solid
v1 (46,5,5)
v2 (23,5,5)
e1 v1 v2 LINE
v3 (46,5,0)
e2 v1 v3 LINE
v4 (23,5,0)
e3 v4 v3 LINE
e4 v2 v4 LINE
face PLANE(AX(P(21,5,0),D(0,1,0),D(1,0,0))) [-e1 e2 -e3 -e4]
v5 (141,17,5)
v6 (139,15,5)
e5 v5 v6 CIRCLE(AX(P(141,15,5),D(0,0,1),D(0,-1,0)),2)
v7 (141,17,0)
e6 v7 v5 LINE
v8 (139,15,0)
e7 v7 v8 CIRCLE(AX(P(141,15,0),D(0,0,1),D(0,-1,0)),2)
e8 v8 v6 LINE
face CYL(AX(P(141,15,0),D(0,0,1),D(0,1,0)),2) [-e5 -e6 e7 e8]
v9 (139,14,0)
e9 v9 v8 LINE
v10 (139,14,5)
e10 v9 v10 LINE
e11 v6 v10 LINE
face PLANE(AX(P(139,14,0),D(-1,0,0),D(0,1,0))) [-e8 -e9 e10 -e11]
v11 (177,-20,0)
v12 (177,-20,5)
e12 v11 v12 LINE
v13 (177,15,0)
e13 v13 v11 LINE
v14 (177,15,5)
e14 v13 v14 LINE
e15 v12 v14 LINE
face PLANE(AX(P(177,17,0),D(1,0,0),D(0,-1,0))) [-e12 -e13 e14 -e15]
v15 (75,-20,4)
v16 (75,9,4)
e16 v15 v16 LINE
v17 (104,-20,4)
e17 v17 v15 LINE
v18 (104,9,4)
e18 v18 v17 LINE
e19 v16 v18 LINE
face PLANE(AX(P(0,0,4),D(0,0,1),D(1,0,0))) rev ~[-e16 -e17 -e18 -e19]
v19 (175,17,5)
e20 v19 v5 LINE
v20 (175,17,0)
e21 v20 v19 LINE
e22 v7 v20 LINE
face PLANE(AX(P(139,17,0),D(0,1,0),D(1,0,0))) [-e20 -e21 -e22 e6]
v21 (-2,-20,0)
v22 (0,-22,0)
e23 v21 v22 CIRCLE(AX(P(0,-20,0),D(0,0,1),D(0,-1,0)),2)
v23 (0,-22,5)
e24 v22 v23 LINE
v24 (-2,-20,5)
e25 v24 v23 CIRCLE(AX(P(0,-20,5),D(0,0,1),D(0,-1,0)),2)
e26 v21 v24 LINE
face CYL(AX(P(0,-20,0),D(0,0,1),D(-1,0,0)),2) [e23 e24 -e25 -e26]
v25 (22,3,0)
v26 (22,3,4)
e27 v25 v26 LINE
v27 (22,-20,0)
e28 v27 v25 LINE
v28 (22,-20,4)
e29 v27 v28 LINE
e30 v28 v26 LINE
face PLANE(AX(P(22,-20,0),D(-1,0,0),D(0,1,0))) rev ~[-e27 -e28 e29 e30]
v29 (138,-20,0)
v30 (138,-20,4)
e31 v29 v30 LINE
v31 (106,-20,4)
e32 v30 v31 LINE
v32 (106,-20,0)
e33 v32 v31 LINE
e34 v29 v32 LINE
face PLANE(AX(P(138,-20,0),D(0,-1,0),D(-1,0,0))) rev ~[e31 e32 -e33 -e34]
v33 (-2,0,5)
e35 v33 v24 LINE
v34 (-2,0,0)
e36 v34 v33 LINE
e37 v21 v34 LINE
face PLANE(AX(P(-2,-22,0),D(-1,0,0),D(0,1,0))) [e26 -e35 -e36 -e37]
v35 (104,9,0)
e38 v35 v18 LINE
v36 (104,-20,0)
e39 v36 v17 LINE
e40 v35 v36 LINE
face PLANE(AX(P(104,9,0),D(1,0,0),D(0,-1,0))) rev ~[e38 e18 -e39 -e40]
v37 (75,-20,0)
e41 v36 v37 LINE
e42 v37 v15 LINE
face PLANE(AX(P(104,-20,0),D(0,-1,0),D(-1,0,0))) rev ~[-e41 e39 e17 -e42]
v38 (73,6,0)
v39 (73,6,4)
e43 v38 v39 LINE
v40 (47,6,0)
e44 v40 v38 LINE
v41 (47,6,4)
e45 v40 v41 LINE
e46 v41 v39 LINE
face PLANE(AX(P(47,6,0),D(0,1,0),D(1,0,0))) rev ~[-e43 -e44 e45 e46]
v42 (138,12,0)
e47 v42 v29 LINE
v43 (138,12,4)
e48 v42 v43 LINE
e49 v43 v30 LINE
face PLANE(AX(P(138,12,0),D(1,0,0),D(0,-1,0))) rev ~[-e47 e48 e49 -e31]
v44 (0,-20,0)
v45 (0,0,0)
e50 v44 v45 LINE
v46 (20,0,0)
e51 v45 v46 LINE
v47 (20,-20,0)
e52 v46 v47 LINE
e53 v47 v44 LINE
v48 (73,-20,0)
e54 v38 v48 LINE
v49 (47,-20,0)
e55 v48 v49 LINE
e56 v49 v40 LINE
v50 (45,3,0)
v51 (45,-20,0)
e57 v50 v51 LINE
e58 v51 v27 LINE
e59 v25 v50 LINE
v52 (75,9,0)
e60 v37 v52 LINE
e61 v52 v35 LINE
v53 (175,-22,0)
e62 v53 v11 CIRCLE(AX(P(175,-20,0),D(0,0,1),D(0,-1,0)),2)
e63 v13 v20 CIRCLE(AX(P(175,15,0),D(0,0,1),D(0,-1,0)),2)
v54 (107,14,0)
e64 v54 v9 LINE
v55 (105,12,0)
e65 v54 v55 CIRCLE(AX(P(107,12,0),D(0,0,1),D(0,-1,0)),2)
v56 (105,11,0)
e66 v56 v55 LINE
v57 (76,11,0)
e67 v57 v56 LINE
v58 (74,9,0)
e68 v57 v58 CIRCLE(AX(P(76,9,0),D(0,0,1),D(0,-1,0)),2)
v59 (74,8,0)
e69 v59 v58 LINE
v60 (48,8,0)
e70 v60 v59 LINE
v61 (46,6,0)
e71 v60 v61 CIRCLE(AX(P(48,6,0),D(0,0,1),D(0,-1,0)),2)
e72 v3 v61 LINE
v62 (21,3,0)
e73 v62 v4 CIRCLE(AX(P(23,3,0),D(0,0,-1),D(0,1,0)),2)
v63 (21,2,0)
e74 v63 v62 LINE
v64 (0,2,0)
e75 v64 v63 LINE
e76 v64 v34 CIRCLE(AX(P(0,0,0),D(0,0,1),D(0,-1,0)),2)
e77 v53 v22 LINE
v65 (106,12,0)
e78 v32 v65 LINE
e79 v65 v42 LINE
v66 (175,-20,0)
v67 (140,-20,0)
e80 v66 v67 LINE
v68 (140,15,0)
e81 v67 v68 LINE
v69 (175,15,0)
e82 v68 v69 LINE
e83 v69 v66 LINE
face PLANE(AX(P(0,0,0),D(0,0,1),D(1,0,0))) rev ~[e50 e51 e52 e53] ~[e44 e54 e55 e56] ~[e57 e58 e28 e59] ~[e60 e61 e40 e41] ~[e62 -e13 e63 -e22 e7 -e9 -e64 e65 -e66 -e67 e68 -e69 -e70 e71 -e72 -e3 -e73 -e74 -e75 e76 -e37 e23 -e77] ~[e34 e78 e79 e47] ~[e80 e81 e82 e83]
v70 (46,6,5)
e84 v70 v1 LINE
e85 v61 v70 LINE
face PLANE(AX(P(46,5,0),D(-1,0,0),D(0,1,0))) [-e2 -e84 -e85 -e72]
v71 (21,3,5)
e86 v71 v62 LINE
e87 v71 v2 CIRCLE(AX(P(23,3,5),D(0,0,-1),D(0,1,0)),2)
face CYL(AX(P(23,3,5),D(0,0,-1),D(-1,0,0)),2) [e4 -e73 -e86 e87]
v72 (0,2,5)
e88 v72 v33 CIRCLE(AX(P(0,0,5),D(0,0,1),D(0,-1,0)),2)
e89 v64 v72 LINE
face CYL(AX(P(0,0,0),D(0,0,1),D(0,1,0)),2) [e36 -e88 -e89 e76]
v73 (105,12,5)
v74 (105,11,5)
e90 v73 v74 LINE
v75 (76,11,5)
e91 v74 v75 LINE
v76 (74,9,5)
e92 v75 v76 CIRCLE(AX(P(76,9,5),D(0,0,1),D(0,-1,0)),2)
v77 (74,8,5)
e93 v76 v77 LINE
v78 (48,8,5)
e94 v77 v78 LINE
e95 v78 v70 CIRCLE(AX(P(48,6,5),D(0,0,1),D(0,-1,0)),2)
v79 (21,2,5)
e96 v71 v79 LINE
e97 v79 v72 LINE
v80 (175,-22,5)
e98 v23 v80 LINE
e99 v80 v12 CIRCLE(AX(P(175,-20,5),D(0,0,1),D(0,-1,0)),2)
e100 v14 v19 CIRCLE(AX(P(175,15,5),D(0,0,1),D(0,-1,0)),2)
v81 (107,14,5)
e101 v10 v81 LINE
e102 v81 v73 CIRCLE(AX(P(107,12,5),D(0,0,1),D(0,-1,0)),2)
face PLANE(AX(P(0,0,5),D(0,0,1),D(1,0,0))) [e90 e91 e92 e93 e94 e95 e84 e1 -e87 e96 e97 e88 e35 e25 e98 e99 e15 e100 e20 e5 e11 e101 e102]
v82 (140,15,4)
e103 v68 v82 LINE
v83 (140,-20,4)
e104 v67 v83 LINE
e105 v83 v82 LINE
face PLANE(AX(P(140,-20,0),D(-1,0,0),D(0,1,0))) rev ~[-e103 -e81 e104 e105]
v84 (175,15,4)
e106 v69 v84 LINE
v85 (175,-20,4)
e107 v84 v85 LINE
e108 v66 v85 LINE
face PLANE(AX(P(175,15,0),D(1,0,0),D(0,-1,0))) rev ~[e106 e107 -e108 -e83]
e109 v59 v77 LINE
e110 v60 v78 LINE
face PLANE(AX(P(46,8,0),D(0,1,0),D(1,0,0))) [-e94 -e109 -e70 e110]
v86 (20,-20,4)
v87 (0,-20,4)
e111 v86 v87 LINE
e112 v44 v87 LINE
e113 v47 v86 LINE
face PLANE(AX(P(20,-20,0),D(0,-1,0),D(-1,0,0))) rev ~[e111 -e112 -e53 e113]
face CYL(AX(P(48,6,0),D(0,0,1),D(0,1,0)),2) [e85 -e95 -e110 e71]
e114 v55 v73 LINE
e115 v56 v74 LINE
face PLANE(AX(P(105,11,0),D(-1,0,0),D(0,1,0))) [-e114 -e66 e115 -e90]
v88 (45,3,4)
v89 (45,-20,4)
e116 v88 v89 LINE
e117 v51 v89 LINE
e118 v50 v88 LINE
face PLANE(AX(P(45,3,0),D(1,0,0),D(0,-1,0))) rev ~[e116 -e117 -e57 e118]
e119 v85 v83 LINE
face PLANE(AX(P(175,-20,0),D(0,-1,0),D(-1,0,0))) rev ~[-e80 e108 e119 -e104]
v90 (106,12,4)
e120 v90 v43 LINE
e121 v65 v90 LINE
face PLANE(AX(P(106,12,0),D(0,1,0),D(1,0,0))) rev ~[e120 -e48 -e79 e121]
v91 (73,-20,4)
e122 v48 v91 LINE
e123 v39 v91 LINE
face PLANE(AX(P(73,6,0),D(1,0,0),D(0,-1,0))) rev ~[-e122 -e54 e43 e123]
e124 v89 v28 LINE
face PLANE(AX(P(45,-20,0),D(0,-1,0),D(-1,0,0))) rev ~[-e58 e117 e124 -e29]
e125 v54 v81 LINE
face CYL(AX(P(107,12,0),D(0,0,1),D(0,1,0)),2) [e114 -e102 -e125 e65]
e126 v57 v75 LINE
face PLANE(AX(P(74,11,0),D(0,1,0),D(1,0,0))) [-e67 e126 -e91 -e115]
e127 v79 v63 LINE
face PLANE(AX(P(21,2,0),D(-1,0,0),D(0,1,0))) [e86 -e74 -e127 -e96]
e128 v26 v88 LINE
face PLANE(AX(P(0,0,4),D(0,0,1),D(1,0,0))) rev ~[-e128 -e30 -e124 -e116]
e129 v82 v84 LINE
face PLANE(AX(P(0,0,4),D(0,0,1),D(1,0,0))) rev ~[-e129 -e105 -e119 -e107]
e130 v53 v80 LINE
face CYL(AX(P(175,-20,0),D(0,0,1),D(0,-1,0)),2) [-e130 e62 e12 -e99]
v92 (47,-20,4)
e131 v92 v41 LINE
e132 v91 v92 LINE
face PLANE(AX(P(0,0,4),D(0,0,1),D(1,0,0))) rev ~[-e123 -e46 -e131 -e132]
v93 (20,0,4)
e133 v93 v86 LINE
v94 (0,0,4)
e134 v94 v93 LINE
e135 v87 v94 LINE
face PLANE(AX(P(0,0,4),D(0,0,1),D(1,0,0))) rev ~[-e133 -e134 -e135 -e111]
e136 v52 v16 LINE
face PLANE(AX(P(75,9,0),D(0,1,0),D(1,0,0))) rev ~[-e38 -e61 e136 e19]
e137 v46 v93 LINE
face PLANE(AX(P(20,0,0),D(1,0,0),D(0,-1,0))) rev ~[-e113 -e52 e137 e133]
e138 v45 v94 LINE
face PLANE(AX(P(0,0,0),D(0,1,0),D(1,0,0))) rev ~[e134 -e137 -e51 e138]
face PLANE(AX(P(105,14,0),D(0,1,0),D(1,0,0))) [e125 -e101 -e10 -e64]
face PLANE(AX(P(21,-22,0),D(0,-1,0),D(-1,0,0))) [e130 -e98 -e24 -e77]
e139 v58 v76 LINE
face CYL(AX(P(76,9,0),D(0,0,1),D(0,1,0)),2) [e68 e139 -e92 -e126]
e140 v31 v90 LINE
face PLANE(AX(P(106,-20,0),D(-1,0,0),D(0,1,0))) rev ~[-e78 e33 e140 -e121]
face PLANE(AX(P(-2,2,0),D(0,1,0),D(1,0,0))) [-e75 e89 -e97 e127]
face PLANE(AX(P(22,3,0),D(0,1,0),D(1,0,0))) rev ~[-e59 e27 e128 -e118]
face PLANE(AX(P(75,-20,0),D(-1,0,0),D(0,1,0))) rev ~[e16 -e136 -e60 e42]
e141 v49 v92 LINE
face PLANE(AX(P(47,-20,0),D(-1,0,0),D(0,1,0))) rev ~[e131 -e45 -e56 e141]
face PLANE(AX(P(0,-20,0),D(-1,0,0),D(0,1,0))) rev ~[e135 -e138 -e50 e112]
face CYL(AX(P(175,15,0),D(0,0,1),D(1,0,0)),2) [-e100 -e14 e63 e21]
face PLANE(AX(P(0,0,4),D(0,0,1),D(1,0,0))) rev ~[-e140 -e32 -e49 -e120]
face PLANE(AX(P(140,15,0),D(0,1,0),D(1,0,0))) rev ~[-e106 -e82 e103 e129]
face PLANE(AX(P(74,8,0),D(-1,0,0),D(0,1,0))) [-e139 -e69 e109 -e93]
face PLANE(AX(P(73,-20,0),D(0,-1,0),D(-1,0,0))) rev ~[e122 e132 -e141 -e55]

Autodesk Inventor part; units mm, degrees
ref_plane "YZ Plane" through (0, 0, 0) normal (1, 0, 0) x (0, 1, 0)
ref_plane "XZ Plane" through (0, 0, 0) normal (0, 1, 0) x (-1, 0, 0)
ref_plane "XY Plane" through (0, 0, 0) normal (0, 0, 1) x (1, 0, 0)
sketch "스케치1" plane through (0, 0, 0) normal (0, 0, 1) x (1, 0, 0)
  line L0 (0, 0) -> (20, 0)
  line L1 (20, 0) -> (20, -20)
  line L2 (20, -20) -> (0, -20)
  line L3 (0, -20) -> (0, 0)
  line L4 (-2, 2) -> (21, 2)
  line L5 (21, 2) -> (21, -22)
  line L6 (21, -22) -> (-2, -22)
  line L7 (-2, -22) -> (-2, 2)
  line L8 (21, 2) -> (21, 5)
  line L9 (21, 5) -> (46, 5)
  line L10 (46, 5) -> (46, -22)
  line L11 (46, -22) -> (21, -22)
  line L12 (22, 3) -> (45, 3)
  line L13 (45, 3) -> (45, -20)
  line L14 (45, -20) -> (22, -20)
  line L15 (22, -20) -> (22, 3)
  line L16 (46, 5) -> (46, 8)
  line L17 (46, 8) -> (74, 8)
  line L18 (74, 8) -> (74, -22)
  line L19 (74, -22) -> (46, -22)
  line L20 (47, 6) -> (73, 6)
  line L21 (73, 6) -> (73, -20)
  line L22 (73, -20) -> (47, -20)
  line L23 (47, -20) -> (47, 6)
  line L24 (74, 8) -> (74, 11)
  line L25 (74, 11) -> (105, 11)
  line L26 (105, 11) -> (105, -22)
  line L27 (105, -22) -> (74, -22)
  line L28 (75, 9) -> (104, 9)
  line L29 (104, 9) -> (104, -20)
  line L30 (104, -20) -> (75, -20)
  line L31 (75, -20) -> (75, 9)
  line L32 (105, 11) -> (105, 14)
  line L33 (105, 14) -> (139, 14)
  line L34 (139, 14) -> (139, -22)
  line L35 (139, -22) -> (105, -22)
  line L36 (106, 12) -> (138, 12)
  line L37 (138, 12) -> (138, -20)
  line L38 (138, -20) -> (106, -20)
  line L39 (106, -20) -> (106, 12)
  line L40 (139, 14) -> (139, 17)
  line L41 (139, 17) -> (177, 17)
  line L42 (177, 17) -> (177, -22)
  line L43 (177, -22) -> (139, -22)
  line L44 (140, 15) -> (175, 15)
  line L45 (175, 15) -> (175, -20)
  line L46 (175, -20) -> (140, -20)
  line L47 (140, -20) -> (140, 15)
  dimension "d0" = 20
  dimension "d1" = 20
  dimension "d2" = 2
  dimension "d3" = 2
  dimension "d4" = 1
  dimension "d5" = 2
  dimension "d6" = 25
  dimension "d7" = 27
  dimension "d8" = 1
  dimension "d9" = 2
  dimension "d10" = 2
  dimension "d11" = 1
  dimension "d12" = 30
  dimension "d13" = 28
  dimension "d14" = 2
  dimension "d15" = 1
  dimension "d16" = 1
  dimension "d17" = 2
  dimension "d18" = 31
  dimension "d19" = 33
  dimension "d20" = 2
  dimension "d21" = 2
  dimension "d22" = 1
  dimension "d23" = 1
  dimension "d24" = 34
  dimension "d25" = 36
  dimension "d26" = 2
  dimension "d27" = 1
  dimension "d28" = 2
  dimension "d29" = 1
  dimension "d30" = 38
  dimension "d31" = 39
  dimension "d32" = 2
  dimension "d33" = 1
  dimension "d34" = 2
  dimension "d35" = 2
extrude "돌출1" add sketch "스케치1" along normal blind 4
sketch "스케치2" plane through (0, 0, 4) normal (0, 0, 1) x (1, 0, 0)
  line L0 (-2, -22) -> (177, -22) projected
  line L1 (177, -22) -> (177, 17) projected
  line L2 (177, 17) -> (139, 17) projected
  line L3 (139, 17) -> (139, 14) projected
  line L4 (139, 14) -> (105, 14) projected
  line L5 (105, 14) -> (105, 11) projected
  line L6 (105, 11) -> (74, 11) projected
  line L7 (74, 11) -> (74, 8) projected
  line L8 (74, 8) -> (46, 8) projected
  line L9 (46, 8) -> (46, 5) projected
  line L10 (46, 5) -> (21, 5) projected
  line L11 (21, 5) -> (21, 2) projected
  line L12 (21, 2) -> (-2, 2) projected
  line L13 (-2, 2) -> (-2, -22) projected
  line L14 (22, 3) -> (45, 3) projected
  line L15 (45, 3) -> (45, -20) projected
  line L16 (45, -20) -> (22, -20) projected
  line L17 (22, -20) -> (22, 3) projected
  line L18 (47, 6) -> (73, 6) projected
  line L19 (73, 6) -> (73, -20) projected
  line L20 (73, -20) -> (47, -20) projected
  line L21 (47, -20) -> (47, 6) projected
  line L22 (75, 9) -> (104, 9) projected
  line L23 (104, 9) -> (104, -20) projected
  line L24 (104, -20) -> (75, -20) projected
  line L25 (75, -20) -> (75, 9) projected
  line L26 (106, 12) -> (138, 12) projected
  line L27 (138, 12) -> (138, -20) projected
  line L28 (138, -20) -> (106, -20) projected
  line L29 (106, -20) -> (106, 12) projected
  line L30 (140, 15) -> (175, 15) projected
  line L31 (175, 15) -> (175, -20) projected
  line L32 (175, -20) -> (140, -20) projected
  line L33 (140, -20) -> (140, 15) projected
  line L34 (0, 0) -> (20, 0) projected
  line L35 (20, 0) -> (20, -20) projected
  line L36 (20, -20) -> (0, -20) projected
  line L37 (0, -20) -> (0, 0) projected
extrude "돌출2" add sketch "스케치2" along normal blind 1 contours L13 L12 L11 L10 L9 L8 L7 L6 L5 L4 L3 L2 L1 L0 | L14 L15 L16 L17 | L18 L19 L20 L21 | L22 L23 L24 L25 | L26 L27 L28 L29 | L30 L31 L32 L33 | L34 L35 L36 L37
fillet "모깎기1" radius 2 9 edges at (177, -22, 2.5) (177, 17, 2.5) (139, 17, 2.5) (105, 14, 2.5) (74, 11, 2.5) (46, 8, 2.5) (21, 5, 2.5) (-2, 2, 2.5) (-2, -22, 2.5)
properties part number "d_pocket"
